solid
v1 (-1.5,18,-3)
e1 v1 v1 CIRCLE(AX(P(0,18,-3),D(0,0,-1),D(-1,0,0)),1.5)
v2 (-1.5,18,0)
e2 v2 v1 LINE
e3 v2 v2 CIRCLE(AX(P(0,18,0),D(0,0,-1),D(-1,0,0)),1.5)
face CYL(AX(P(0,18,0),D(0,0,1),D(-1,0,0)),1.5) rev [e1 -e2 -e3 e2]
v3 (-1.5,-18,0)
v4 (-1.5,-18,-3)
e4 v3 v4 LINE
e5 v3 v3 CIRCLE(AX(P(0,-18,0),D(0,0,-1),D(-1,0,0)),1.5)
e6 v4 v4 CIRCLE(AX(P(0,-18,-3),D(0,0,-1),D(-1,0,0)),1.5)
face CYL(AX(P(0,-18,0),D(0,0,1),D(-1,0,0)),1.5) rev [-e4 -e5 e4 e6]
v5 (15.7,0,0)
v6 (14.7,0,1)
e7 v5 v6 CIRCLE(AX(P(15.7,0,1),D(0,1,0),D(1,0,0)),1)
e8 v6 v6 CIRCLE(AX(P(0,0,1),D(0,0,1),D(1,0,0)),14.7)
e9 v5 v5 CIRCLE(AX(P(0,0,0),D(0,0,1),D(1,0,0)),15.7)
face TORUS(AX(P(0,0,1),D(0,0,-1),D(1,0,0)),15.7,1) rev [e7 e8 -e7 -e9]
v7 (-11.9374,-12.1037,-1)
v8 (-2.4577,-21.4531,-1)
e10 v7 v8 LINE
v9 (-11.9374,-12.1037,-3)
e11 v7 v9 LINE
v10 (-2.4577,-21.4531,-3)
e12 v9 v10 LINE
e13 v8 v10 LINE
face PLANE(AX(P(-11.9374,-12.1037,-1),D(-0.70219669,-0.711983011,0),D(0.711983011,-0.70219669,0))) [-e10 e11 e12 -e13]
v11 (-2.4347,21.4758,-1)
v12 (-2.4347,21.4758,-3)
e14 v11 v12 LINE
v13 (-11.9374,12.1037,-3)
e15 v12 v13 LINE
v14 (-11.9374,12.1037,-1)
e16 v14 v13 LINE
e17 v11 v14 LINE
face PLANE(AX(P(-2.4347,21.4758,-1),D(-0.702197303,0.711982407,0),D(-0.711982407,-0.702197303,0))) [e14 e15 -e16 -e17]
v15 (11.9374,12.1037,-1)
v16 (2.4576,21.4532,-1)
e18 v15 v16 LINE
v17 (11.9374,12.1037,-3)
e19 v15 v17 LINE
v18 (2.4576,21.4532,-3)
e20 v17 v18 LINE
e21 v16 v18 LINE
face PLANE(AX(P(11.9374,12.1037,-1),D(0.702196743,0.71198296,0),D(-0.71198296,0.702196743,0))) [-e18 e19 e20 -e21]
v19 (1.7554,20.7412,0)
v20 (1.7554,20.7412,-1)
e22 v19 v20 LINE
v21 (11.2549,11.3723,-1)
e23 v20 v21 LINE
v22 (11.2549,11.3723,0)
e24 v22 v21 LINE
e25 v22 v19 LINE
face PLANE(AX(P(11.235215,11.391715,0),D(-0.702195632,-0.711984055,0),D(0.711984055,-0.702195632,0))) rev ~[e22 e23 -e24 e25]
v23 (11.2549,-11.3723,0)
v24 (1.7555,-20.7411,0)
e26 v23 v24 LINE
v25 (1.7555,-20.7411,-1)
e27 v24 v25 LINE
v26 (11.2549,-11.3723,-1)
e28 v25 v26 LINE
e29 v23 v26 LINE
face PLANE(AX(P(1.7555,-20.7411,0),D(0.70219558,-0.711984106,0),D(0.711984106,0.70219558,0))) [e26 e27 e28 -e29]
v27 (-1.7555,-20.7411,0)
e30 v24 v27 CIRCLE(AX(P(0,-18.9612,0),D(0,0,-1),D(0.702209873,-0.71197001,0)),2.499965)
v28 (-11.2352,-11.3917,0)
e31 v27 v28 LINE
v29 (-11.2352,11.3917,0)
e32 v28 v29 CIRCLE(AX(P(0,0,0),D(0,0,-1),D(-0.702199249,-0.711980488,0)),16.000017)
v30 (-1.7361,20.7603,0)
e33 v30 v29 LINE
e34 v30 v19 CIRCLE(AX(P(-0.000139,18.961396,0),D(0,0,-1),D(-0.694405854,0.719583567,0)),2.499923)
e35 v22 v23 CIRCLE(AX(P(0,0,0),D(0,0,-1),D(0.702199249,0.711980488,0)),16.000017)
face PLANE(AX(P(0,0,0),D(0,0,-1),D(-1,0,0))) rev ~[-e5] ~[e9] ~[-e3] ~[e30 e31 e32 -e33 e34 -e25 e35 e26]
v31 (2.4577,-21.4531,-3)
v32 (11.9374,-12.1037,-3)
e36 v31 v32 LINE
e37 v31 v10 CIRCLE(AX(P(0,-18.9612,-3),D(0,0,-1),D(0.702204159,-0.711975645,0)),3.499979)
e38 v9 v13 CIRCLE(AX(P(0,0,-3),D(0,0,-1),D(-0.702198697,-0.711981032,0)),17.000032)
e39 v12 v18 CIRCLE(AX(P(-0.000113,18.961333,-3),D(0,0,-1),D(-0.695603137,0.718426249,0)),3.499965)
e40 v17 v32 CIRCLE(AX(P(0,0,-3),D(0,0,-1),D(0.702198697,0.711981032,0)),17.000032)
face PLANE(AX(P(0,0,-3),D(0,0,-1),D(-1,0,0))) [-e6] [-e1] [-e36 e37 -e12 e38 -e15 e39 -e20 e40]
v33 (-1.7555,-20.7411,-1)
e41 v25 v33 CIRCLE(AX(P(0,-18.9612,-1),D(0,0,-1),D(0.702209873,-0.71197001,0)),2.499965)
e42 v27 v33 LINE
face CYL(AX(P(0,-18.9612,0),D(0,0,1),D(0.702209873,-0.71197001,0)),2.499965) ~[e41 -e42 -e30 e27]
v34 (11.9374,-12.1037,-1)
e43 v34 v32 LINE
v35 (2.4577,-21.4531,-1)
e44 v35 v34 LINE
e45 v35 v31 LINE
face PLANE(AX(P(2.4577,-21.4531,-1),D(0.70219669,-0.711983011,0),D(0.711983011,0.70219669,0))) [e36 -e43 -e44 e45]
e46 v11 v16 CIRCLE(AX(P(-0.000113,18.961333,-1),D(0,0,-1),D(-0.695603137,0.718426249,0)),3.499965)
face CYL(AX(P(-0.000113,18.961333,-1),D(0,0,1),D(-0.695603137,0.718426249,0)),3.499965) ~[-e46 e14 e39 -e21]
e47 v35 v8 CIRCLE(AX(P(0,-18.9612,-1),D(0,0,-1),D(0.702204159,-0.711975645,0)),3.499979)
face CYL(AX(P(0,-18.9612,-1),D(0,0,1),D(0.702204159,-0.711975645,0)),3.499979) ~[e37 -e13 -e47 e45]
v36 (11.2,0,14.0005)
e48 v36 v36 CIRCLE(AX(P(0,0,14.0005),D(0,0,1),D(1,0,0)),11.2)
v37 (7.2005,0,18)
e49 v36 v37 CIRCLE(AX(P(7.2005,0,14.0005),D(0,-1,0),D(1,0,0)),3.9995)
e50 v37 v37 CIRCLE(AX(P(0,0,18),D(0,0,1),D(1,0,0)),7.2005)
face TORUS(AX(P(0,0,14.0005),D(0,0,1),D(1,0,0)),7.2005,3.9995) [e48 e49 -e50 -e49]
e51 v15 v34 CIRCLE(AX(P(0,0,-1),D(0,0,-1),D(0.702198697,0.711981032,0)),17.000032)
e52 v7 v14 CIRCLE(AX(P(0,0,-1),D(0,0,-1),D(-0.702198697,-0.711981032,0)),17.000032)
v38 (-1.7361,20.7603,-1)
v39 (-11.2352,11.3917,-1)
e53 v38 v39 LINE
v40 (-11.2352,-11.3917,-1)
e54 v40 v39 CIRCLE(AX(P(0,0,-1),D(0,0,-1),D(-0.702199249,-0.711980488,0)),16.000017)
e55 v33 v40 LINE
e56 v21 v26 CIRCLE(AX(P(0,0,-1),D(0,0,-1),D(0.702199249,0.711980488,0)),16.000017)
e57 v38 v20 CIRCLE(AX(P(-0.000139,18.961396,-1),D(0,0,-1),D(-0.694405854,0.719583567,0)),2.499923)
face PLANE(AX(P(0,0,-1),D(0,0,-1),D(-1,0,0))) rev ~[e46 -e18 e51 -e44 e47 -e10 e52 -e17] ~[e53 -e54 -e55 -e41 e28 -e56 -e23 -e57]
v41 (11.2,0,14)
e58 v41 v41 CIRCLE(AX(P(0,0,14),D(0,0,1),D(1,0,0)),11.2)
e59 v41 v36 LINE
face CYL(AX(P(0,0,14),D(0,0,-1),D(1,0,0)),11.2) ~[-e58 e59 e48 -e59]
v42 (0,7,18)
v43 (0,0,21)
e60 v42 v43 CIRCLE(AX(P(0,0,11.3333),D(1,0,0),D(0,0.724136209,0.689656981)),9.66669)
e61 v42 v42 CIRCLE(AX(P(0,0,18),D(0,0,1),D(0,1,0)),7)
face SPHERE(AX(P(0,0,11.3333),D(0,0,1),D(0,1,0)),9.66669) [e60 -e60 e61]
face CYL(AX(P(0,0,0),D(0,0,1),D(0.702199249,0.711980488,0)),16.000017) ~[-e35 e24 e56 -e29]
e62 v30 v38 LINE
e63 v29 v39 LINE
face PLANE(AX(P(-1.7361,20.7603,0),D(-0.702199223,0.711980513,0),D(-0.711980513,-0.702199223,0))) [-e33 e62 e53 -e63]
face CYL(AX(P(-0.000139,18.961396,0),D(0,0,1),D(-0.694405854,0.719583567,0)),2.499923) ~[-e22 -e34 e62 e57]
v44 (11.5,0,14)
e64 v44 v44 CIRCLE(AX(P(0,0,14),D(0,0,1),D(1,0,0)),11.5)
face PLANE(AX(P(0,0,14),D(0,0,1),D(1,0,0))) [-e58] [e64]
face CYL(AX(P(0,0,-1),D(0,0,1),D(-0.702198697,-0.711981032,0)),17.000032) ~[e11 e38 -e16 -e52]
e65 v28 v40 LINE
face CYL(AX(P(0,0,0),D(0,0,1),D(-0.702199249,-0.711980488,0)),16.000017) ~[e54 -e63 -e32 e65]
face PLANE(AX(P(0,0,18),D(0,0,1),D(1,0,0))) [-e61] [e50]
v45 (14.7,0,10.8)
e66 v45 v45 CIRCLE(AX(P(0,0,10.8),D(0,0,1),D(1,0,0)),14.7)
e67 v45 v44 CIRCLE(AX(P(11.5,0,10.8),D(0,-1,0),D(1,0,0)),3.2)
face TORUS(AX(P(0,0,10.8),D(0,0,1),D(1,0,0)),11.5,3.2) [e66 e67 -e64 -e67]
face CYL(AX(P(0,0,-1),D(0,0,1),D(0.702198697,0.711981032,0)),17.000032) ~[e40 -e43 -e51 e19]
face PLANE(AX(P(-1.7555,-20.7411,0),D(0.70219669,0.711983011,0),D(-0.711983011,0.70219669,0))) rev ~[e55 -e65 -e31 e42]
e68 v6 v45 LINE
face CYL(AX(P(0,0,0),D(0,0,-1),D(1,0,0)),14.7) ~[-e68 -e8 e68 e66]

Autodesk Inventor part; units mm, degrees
ref_plane "YZ Plane" through (0, 0, 0) normal (1, 0, 0) x (0, 1, 0)
ref_plane "XZ Plane" through (0, 0, 0) normal (0, 1, 0) x (-1, 0, 0)
ref_plane "XY Plane" through (0, 0, 0) normal (0, 0, 1) x (1, 0, 0)
sketch "Sketch1" plane through (0, 0, 0) normal (0, 0, 1) x (1, 0, 0)
  circle A0 centre (0, 0) radius 14.7
  dimension "d0" = 29.4
extrude "Extrusion1" add sketch "Sketch1" along normal blind 14
sketch "Sketch2" plane through (0, 0, 14) normal (0, 0, 1) x (1, 0, 0)
  circle A0 centre (0, 0) radius 11.2
  dimension "d3" = 22.4
extrude "Extrusion2" add sketch "Sketch2" along normal blind 4
fillet "Fillet1" radius 3.2 1 edges at (-14.7, 0, 14)
fillet "Fillet2" radius 4 1 edges at (-11.2, 0, 18)
sketch "Sketch3" plane through (0, 0, 0) normal (1, 0, 0) x (0, 1, 0)
  line L0 (-7.2, 18) -> (7.2, 18) projected
  line L1 (7.2, 18) -> (-7.2, 18)
  arc A0 (7, 18) -> (-7, 18) centre (0, 11.3333) ccw
  line L2 (0, 18) -> (0, 21)
  point P0 (0, 0)
  dimension "d9" = 14
revolve "Revolution1" add sketch "Sketch3" angle 360 about axis through (0, 0, 18) along (0, 0, 1) picked at (4.1722, 18.4238) contours L2 A0 L0
sketch "Sketch4" plane through (0, 0, 0) normal (0, 0, -1) x (-1, 0, 0)
  arc A0 (-1.7555, -20.7411) -> (1.7555, -20.7411) centre (0, -18.9612) ccw
  line L0 (1.7555, -20.7411) -> (11.2352, -11.3917)
  line L1 (-1.7555, -20.7411) -> (-11.2549, -11.3723)
  arc A1 (1.7361, 20.7603) -> (-1.7554, 20.7412) centre (0.0001, 18.9613) ccw
  line L2 (1.7361, 20.7603) -> (11.2352, 11.3917)
  line L3 (-1.7554, 20.7412) -> (-11.2549, 11.3723)
  arc A2 (-11.2352, 11.3917) -> (-11.2352, -11.3917) centre (0, 0) ccw
  arc A3 (11.2352, -11.3917) -> (11.2352, 11.3917) centre (0, 0) ccw
  circle A4 centre (0, 18) radius 1.5
  circle A5 centre (0, -18) radius 1.5
  dimension "d13" = 5
  dimension "d19" = 32
  dimension "d22" = 3
  dimension "d23" = 3
sketch "Sketch5" plane through (0, 0, 0) normal (0, 1, 0) x (-1, 0, 0)
  point P0 (0, 0)
extrude "Extrusion4" add sketch "Sketch4" along normal blind 1
fillet "Fillet5" radius 1 1 edges at (-14.7, 0, 0)
sketch "Sketch7" plane through (0, 0, -1) normal (0, 0, -1) x (-1, 0, 0)
  line L0 (-11.2352, -11.3917) -> (-1.7555, -20.7411) projected
  line L1 (1.7555, -20.7411) -> (11.2352, -11.3917) projected
  arc A0 (-1.7555, -20.7411) -> (1.7555, -20.7411) centre (0, -18.9612) ccw projected
  arc A1 (-11.2352, 11.3917) -> (-11.2352, -11.3917) centre (0, 0) ccw projected
  line L2 (-1.7554, 20.7412) -> (-11.2352, 11.3917) projected
  line L3 (11.2352, 11.3917) -> (1.7361, 20.7603) projected
  circle A2 centre (0, -18) radius 1.5 projected
  circle A3 centre (0, 18) radius 1.5 projected
  arc A4 (-1.7555, -20.7411) -> (1.7555, -20.7411) centre (0, -18.9612) ccw projected
  line L4 (1.7555, -20.7411) -> (11.2352, -11.3917) projected
  arc A5 (11.2352, -11.3917) -> (11.2352, 11.3917) centre (0, 0) ccw projected
  line L5 (11.2352, 11.3917) -> (1.7361, 20.7603) projected
  arc A6 (1.7361, 20.7603) -> (-1.7554, 20.7412) centre (0.0001, 18.9613) ccw projected
  line L6 (-1.7554, 20.7412) -> (-11.2352, 11.3917) projected
  arc A7 (-11.2352, 11.3917) -> (-11.2352, -11.3917) centre (0, 0) ccw projected
  line L7 (-11.2352, -11.3917) -> (-1.7555, -20.7411) projected
  arc A8 (1.7361, 20.7603) -> (-1.7554, 20.7412) centre (0.0001, 18.9613) ccw projected
  arc A9 (11.9374, -12.1037) -> (11.9374, 12.1037) centre (0, 0) ccw
  line L8 (11.9374, -12.1037) -> (2.4577, -21.4531)
  arc A10 (-2.4577, -21.4531) -> (2.4577, -21.4531) centre (0, -18.9612) ccw
  line L9 (-2.4577, -21.4531) -> (-11.9374, -12.1037)
  arc A11 (-11.9374, 12.1037) -> (-11.9374, -12.1037) centre (0, 0) ccw
  line L10 (-11.9374, 12.1037) -> (-2.4576, 21.4532)
  arc A12 (2.4347, 21.4758) -> (-2.4576, 21.4532) centre (0.0001, 18.9613) ccw
  line L11 (2.4347, 21.4758) -> (11.9374, 12.1037)
  dimension "d27" = 1
extrude "Extrusion5" add sketch "Sketch7" along normal blind 2 contours A1 L2 A6 L3 A5 L1 A0 L0 | L8 A10 L9 A11 L10 A12 L11 A9
properties part number "wheel2"
